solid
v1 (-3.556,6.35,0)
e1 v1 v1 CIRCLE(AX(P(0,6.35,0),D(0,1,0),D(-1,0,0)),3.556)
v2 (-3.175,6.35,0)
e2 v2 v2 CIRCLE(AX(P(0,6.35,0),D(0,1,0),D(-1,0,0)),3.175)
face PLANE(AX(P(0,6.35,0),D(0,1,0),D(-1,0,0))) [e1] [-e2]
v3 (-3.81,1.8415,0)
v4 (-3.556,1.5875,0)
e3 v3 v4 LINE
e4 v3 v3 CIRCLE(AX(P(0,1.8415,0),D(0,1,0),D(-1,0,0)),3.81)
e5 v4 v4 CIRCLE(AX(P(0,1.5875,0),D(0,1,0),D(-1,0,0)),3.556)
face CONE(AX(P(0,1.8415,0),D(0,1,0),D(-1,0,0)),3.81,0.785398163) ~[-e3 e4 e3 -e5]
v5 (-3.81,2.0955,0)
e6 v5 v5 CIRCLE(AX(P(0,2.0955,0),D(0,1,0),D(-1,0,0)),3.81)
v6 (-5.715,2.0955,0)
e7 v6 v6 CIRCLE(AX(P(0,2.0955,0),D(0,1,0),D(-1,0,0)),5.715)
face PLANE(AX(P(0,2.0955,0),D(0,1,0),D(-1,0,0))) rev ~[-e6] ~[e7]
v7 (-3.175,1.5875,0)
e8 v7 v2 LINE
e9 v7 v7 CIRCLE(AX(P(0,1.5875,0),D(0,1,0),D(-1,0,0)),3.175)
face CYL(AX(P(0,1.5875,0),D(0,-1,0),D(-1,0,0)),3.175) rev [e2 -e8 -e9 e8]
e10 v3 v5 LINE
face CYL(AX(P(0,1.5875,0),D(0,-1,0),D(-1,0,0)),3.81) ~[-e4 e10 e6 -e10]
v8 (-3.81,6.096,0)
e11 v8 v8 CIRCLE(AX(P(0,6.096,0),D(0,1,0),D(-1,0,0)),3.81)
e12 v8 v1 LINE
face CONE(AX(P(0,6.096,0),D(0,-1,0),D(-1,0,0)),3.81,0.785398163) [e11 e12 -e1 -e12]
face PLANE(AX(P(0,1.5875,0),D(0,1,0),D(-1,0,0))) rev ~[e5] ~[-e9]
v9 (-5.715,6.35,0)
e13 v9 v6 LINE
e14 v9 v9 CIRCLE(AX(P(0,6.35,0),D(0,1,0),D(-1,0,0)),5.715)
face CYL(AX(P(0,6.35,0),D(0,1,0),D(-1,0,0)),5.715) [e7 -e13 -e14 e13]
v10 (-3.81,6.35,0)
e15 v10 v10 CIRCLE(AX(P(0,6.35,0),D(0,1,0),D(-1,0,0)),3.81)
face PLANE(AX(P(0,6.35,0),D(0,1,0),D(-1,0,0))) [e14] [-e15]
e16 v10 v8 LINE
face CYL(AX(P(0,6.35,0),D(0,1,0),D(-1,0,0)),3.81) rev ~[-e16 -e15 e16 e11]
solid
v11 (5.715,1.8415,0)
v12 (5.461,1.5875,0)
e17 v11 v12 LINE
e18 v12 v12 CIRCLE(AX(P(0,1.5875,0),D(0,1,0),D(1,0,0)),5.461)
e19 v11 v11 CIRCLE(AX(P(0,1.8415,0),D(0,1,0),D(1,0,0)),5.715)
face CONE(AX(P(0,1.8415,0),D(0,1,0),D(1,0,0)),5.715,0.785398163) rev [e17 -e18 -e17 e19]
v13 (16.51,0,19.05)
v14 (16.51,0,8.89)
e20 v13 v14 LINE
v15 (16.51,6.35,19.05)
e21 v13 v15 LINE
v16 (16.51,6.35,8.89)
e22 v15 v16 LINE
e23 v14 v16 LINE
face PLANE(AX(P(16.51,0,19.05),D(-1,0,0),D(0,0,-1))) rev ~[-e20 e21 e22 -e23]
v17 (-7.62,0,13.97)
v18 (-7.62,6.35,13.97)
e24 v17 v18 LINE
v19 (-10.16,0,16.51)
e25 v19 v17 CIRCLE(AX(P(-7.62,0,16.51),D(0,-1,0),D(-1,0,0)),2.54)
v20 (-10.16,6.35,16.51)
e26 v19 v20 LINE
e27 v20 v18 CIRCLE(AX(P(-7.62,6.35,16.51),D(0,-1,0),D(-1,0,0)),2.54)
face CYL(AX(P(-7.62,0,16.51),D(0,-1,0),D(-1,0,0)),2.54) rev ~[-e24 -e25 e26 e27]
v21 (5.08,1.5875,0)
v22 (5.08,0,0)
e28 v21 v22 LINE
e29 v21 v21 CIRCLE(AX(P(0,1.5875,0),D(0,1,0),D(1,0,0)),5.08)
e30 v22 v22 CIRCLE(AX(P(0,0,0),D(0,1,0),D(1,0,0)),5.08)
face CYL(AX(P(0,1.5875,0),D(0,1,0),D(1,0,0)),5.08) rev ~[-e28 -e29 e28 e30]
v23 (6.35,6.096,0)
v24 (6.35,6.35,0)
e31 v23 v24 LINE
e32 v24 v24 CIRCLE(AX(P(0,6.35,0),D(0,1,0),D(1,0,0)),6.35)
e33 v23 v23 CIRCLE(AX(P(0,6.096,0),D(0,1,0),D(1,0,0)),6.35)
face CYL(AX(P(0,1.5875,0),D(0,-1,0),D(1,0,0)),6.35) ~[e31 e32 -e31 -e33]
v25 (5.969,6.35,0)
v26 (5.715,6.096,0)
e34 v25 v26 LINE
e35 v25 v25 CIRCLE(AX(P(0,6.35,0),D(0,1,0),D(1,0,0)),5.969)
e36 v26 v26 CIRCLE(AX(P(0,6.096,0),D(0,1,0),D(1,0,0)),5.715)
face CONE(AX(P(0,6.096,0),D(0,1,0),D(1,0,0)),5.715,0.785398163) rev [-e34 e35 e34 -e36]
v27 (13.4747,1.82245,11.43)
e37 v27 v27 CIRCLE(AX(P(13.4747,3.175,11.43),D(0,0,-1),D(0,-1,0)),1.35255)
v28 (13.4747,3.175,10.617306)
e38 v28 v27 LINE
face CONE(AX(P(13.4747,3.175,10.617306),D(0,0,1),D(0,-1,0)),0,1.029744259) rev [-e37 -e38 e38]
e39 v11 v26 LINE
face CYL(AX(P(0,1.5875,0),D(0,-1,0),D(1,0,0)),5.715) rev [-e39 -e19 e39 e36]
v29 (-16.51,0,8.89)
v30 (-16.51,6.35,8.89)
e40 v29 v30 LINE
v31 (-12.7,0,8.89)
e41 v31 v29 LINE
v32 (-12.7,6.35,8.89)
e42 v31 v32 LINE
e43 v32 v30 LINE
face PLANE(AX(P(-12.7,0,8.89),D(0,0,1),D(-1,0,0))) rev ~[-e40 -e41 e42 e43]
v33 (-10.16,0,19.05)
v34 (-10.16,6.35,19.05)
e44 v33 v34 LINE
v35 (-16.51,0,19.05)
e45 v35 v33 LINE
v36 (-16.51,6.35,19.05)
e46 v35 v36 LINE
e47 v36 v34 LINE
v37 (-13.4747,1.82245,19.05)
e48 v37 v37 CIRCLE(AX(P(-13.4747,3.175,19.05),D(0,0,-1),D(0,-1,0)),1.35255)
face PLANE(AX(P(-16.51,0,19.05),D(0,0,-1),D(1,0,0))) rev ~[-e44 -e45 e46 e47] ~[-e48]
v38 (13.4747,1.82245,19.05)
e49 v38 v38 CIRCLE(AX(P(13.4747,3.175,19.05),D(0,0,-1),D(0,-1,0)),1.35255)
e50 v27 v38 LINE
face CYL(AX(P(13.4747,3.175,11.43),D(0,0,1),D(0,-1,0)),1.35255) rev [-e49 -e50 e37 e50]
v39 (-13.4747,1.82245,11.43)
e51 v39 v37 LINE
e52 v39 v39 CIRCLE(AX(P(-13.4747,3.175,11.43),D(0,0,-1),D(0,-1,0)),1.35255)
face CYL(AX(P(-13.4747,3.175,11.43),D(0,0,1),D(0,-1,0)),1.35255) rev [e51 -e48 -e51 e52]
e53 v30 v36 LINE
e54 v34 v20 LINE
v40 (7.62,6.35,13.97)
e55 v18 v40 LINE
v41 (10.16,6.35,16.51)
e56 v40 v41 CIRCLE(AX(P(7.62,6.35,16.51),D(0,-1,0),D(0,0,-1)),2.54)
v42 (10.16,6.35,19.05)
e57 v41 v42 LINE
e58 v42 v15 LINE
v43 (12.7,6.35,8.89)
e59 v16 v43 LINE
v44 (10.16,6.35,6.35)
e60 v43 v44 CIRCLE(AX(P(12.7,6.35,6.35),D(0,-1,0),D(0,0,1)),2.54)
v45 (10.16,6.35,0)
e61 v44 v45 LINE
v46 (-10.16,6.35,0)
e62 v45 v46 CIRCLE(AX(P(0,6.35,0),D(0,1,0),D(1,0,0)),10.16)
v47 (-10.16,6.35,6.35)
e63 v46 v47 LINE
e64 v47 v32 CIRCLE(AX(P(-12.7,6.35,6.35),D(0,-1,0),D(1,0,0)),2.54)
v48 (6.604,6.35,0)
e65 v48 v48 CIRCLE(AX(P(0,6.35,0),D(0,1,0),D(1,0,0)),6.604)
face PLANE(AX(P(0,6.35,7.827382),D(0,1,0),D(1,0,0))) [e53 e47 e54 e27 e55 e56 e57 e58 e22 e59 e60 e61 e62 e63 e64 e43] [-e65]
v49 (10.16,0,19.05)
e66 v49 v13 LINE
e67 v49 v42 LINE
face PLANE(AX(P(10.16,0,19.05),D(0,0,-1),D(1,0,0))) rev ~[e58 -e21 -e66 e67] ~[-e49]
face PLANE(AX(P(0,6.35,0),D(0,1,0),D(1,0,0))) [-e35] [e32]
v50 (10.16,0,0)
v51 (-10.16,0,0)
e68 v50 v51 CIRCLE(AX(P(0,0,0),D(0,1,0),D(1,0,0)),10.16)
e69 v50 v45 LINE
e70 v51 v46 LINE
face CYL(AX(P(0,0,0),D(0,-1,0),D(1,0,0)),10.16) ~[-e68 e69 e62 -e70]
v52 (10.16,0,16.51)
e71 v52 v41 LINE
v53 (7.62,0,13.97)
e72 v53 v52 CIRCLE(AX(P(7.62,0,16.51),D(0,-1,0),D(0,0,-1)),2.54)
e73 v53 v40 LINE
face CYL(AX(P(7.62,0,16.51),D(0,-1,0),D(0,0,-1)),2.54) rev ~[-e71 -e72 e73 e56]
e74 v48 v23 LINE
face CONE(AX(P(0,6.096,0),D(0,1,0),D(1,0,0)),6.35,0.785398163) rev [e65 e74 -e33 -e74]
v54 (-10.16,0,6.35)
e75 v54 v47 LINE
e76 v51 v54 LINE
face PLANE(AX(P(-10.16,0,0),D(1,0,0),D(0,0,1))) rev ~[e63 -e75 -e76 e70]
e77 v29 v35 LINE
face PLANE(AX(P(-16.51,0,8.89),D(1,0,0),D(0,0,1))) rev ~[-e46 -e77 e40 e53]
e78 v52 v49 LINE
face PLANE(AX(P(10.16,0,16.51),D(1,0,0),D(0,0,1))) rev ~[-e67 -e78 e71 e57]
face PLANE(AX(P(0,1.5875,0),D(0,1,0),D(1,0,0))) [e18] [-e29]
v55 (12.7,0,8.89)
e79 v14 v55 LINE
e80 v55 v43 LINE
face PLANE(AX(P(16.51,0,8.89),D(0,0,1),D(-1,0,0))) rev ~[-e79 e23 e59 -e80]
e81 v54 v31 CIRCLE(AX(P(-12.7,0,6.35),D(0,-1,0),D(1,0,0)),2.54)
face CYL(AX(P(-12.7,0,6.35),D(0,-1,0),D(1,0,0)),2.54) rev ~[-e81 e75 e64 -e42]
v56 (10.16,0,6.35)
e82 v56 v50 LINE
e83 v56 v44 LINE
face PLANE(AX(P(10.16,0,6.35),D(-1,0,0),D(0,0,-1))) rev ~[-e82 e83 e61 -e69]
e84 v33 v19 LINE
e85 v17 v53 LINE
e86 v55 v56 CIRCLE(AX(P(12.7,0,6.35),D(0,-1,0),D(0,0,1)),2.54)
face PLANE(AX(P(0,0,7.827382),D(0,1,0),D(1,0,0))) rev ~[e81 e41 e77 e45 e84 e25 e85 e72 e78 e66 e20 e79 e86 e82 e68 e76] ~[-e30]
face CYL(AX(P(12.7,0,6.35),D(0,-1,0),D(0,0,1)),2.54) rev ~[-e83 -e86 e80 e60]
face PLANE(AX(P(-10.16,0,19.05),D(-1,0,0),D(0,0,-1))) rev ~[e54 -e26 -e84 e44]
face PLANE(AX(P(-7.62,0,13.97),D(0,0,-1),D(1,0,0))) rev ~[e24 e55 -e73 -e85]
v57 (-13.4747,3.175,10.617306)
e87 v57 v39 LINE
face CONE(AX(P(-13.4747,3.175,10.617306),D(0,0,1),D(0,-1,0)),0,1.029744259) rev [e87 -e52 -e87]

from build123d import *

# Parameters (mm, degrees)
BOSS_EXTRUDE1_DEPTH            = 6.35
SKETCH2_R                      = 6.35
CUT_EXTRUDE1_DEPTH             = 4.7625
CUT_EXTRUDE2_REACH             = 3.587
SKETCH3_R                      = 5.08
CHAMFER1_SIZE                  = 0.254
SKETCH4_R                      = 6.35
SKETCH4_R_2                    = 5.715
BOSS_EXTRUDE2_DEPTH            = 4.7625
CHAMFER2_SIZE                  = 0.254
SKETCH5_R                      = 3.81
SKETCH5_R_2                    = 3.175
BOSS_EXTRUDE3_DEPTH            = 4.7625
CHAMFER3_SIZE                  = 0.254
SKETCH7_R                      = 5.715
SKETCH7_R_2                    = 3.81
BOSS_EXTRUDE4_DEPTH            = 4.2545
F_6_32_TAPPED_HOLE1_AT_2_COUNT = 2
F_6_32_TAPPED_HOLE1_AT_2_PITCH = 26.9494


with BuildPart() as part:
    # Sketch1 → Boss-Extrude1 (new body)
    with BuildSketch(Plane(origin=(0, 0, 0), x_dir=(1, 0, 0), z_dir=(0, 1, 0))):
        with BuildLine():
            Line((-10.16, 0), (-10.16, -6.35))
            ThreePointArc((-10.16, -6.35), (-10.903948776, -8.146051224), (-12.7, -8.89))
            Line((-12.7, -8.89), (-16.51, -8.89))
            Line((-16.51, -8.89), (-16.51, -19.05))
            Line((-16.51, -19.05), (-10.16, -19.05))
            Line((-10.16, -19.05), (-10.16, -16.51))
            ThreePointArc((-10.16, -16.51), (-9.416051224, -14.713948776), (-7.62, -13.97))
            Line((-7.62, -13.97), (7.62, -13.97))
            ThreePointArc((7.62, -13.97), (9.416051224, -14.713948776), (10.16, -16.51))
            Line((10.16, -16.51), (10.16, -19.05))
            Line((10.16, -19.05), (16.51, -19.05))
            Line((16.51, -19.05), (16.51, -8.89))
            Line((16.51, -8.89), (12.7, -8.89))
            ThreePointArc((12.7, -8.89), (10.903948776, -8.146051224), (10.16, -6.35))
            Line((10.16, -6.35), (10.16, 0))
            ThreePointArc((10.16, 0), (0, 10.16), (-10.16, 0))
        make_face()
    extrude(amount=BOSS_EXTRUDE1_DEPTH)

    # Sketch2 → Cut-Extrude1 (cut)
    with BuildSketch(Plane(origin=(0, 6.35, 0), x_dir=(1, 0, 0), z_dir=(0, 1, 0))):
        Circle(SKETCH2_R)
    extrude(amount=-CUT_EXTRUDE1_DEPTH, mode=Mode.SUBTRACT)

    # Sketch3 → Cut-Extrude2 (cut, up to next)
    with BuildSketch(Plane(origin=(0, 1.5875, 0), x_dir=(1, 0, 0), z_dir=(0, 1, 0)), mode=Mode.PRIVATE) as cut_extrude2_sk1:
        Circle(SKETCH3_R)
    cut_extrude2_tool1 = extrude(cut_extrude2_sk1.sketch, amount=-CUT_EXTRUDE2_REACH, mode=Mode.PRIVATE) & part.part
    add(cut_extrude2_tool1.solids().sort_by_distance((0, 1.5875, 0))[0], mode=Mode.SUBTRACT)

    # Chamfer1
    chamfer1_edges = [part.edges().sort_by_distance(p)[0] for p in [
        (-6.35, 6.35, 0),
    ]]
    chamfer(chamfer1_edges, length=CHAMFER1_SIZE)

    # Sketch4 → Boss-Extrude2 (add)
    with BuildSketch(Plane(origin=(0, 1.5875, 0), x_dir=(1, 0, 0), z_dir=(0, 1, 0))):
        Circle(SKETCH4_R)
        Circle(SKETCH4_R_2, mode=Mode.SUBTRACT)
    extrude(amount=BOSS_EXTRUDE2_DEPTH)

    # Chamfer2
    chamfer2_edges = [part.edges().sort_by_distance(p)[0] for p in [
        (-5.715, 1.5875, 0),
        (-5.715, 6.35, 0),
    ]]
    chamfer(chamfer2_edges, length=CHAMFER2_SIZE)

    # Sketch8 → #6-32 Tapped Hole1 (revolve, cut)
    with BuildSketch(Plane(origin=(-13.4747, 3.175, 19.05), x_dir=(0, -1, 0), z_dir=(1, 0, 0))):
        Polygon((0, 0), (0, 8.43269403), (1.35255, 7.62), (1.35255, 0), align=None)
    f_6_32_tapped_hole1 = revolve(axis=Axis((-13.4747, 3.175, 25.4), (0, 0, -1)), mode=Mode.SUBTRACT)

    # #6-32 Tapped Hole1 at 2: #6-32 Tapped Hole1 ×2
    with Locations(*[(i * F_6_32_TAPPED_HOLE1_AT_2_PITCH, 0, 0) for i in range(1, F_6_32_TAPPED_HOLE1_AT_2_COUNT)]):
        add(f_6_32_tapped_hole1, mode=Mode.SUBTRACT)


with BuildPart() as body_2:
    # Sketch5 → Boss-Extrude3 (new body)
    with BuildSketch(Plane(origin=(0, 1.5875, 0), x_dir=(-1, 0, 0), z_dir=(0, 1, 0))):
        Circle(SKETCH5_R)
        Circle(SKETCH5_R_2, mode=Mode.SUBTRACT)
    extrude(amount=BOSS_EXTRUDE3_DEPTH)

    # Chamfer3
    chamfer3_edges = [body_2.edges().sort_by_distance(p)[0] for p in [
        (3.81, 1.5875, 0),
        (3.81, 6.35, 0),
    ]]
    chamfer(chamfer3_edges, length=CHAMFER3_SIZE)

    # Sketch7 → Boss-Extrude4 (add)
    with BuildSketch(Plane(origin=(0, 6.35, 0), x_dir=(-1, 0, 0), z_dir=(0, 1, 0))):
        Circle(SKETCH7_R)
        Circle(SKETCH7_R_2, mode=Mode.SUBTRACT)
    extrude(amount=-BOSS_EXTRUDE4_DEPTH)


solid = Compound([part.part, body_2.part])
